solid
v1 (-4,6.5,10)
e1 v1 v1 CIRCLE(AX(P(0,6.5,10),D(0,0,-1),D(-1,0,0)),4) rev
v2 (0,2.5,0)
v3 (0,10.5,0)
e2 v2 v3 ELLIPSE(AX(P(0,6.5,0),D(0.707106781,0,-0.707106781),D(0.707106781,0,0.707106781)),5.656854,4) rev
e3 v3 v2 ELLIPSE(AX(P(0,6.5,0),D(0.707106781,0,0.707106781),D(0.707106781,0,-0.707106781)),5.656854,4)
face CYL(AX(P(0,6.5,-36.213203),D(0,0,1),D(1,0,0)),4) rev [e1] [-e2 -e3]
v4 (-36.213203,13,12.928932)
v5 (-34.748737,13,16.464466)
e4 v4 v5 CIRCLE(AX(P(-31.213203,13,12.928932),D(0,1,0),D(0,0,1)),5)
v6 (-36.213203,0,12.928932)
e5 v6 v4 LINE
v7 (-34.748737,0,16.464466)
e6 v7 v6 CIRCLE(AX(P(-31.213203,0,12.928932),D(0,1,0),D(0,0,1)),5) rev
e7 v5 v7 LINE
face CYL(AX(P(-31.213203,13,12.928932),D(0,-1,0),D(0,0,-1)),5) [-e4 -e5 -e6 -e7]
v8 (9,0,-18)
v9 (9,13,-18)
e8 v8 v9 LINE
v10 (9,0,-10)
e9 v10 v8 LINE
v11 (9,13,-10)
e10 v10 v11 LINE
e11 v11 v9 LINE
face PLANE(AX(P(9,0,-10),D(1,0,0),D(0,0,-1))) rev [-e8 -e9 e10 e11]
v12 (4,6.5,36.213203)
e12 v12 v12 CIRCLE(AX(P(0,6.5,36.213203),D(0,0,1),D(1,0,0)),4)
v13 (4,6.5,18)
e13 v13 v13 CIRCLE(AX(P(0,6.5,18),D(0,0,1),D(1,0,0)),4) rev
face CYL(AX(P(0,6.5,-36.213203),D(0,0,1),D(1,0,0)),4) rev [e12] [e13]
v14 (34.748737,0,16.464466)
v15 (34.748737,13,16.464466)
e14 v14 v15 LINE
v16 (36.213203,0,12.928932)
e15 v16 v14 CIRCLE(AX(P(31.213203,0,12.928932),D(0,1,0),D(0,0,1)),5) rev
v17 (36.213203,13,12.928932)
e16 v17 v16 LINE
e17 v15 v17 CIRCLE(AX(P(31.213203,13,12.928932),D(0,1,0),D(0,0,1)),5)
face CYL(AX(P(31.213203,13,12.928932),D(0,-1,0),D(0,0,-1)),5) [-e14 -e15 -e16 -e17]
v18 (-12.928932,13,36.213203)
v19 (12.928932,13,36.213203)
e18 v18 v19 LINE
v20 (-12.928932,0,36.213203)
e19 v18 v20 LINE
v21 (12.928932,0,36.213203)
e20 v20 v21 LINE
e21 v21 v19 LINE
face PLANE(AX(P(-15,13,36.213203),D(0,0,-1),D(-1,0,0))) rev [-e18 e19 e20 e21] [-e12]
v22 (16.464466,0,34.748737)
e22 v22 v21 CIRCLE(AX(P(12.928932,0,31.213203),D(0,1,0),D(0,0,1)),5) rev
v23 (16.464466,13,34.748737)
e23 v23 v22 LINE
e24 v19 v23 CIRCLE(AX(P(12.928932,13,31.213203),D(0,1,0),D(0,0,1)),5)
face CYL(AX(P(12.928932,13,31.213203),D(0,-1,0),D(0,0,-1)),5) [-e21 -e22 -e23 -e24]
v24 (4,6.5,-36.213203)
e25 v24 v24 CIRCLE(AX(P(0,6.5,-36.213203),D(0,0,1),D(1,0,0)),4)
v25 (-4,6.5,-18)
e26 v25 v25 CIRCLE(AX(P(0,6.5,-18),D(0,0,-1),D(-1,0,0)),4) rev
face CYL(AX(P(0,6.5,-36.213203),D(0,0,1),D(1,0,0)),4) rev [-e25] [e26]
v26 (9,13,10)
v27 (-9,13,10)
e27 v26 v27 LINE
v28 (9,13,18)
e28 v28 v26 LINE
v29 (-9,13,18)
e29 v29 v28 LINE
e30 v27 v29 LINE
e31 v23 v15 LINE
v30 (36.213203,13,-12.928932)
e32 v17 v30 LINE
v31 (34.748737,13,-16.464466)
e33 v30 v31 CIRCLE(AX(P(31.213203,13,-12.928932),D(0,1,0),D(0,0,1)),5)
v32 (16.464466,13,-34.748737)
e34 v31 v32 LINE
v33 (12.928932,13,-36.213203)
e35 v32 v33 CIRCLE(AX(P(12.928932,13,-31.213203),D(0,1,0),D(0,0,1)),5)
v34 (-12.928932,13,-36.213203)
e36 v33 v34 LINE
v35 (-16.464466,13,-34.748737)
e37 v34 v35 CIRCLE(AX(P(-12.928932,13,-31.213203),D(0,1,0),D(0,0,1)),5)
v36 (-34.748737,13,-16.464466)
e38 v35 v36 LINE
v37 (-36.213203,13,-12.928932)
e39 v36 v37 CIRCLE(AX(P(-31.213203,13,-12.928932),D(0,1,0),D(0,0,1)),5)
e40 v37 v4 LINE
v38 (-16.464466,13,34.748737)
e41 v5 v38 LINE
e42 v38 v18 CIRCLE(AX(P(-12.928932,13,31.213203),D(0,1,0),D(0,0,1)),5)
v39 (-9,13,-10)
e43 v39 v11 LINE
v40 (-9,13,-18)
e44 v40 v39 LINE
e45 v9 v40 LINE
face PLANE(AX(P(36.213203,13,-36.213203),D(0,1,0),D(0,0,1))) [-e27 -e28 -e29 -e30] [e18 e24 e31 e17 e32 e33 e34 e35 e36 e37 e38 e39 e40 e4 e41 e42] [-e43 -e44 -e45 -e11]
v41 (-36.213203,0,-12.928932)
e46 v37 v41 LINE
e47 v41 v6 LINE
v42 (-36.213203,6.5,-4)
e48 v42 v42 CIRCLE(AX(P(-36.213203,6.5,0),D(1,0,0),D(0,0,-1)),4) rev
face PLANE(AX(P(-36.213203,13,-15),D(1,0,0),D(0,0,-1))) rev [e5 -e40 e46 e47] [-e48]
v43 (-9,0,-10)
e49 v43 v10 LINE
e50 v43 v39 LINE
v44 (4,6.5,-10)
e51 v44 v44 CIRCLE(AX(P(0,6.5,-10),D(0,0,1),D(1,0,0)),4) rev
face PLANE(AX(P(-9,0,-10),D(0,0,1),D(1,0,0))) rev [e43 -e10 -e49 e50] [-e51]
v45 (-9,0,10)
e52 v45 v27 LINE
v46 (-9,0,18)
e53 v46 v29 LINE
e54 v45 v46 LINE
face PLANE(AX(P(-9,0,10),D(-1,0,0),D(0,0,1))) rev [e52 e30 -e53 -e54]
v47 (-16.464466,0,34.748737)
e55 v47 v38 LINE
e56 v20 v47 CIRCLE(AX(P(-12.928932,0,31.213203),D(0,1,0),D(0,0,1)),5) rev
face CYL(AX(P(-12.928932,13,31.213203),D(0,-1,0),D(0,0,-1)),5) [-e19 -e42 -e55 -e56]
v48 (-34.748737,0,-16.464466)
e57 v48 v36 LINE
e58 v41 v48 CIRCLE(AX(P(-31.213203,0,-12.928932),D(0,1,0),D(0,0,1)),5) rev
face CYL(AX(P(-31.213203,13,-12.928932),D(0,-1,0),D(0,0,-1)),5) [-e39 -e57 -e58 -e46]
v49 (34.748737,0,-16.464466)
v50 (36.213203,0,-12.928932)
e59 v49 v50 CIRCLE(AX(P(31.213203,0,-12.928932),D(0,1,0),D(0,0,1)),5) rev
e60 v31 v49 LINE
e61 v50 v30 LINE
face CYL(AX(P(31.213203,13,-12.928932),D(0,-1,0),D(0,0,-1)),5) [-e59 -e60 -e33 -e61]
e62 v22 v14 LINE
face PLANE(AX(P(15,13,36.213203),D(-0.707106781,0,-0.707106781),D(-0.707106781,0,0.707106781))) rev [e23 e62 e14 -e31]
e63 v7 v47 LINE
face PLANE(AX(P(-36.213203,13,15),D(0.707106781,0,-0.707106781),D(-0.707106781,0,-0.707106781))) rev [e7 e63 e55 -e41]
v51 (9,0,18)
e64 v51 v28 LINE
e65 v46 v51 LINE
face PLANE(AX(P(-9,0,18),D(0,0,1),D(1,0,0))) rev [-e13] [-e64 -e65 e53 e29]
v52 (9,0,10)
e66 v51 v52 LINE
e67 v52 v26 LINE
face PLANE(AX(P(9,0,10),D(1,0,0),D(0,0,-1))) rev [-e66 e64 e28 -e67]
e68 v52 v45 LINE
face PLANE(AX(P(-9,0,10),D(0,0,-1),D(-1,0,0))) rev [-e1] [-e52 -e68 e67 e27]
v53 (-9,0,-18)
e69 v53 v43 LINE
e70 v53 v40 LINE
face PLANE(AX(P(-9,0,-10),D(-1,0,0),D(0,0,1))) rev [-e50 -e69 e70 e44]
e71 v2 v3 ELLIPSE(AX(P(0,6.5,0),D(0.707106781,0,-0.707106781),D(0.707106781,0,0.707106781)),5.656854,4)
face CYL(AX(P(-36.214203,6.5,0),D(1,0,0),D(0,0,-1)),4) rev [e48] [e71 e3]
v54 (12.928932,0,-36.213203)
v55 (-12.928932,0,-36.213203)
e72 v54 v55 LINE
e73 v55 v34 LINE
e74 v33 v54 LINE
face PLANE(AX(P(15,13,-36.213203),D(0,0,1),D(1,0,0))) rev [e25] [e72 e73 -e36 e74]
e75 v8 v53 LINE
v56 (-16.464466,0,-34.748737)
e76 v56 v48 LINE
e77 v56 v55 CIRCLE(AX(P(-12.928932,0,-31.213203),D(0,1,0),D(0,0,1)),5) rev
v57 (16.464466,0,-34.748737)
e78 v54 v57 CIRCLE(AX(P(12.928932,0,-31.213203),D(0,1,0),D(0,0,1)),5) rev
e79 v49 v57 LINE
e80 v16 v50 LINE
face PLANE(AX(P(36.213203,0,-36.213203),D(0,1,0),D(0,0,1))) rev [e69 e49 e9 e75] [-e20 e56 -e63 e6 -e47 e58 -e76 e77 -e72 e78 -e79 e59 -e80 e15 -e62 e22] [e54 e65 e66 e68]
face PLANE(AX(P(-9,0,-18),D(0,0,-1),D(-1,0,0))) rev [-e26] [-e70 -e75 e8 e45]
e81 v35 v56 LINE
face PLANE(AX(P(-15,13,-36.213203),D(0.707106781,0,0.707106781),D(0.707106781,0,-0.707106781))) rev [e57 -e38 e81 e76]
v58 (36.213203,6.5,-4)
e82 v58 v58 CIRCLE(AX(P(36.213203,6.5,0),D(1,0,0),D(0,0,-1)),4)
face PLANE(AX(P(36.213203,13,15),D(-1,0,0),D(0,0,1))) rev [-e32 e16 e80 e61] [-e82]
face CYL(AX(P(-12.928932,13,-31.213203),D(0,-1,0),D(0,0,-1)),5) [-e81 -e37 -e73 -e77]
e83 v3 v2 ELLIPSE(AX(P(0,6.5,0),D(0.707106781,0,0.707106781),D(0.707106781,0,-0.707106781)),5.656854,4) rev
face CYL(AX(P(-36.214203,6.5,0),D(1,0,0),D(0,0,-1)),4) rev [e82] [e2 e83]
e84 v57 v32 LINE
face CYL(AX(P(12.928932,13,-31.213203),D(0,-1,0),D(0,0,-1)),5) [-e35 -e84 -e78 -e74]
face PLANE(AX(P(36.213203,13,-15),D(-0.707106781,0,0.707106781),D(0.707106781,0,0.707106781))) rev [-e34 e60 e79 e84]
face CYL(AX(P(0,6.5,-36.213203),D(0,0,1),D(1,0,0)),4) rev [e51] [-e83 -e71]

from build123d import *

# Parameters (mm, degrees)
EXTRUDE2_DEPTH = 13
EXTRUDE3_REACH = 74.426
SKETCH2_R      = 4
SKETCH3_R      = 4
EXTRUDE4_DEPTH = 73.426406871
SKETCH4_W      = 18
SKETCH4_H      = 8
EXTRUDE5_DEPTH = 13
FILLET1_R      = 5


with BuildPart() as part:
    # Sketch1 → Extrude2 (new body)
    with BuildSketch(Plane(origin=(0, 0, 0), x_dir=(1, 0, 0), z_dir=(0, 1, 0))):
        Polygon((15, -36.213203436), (36.213203436, -15), (36.213203436, 15), (15, 36.213203436), (-15, 36.213203436), (-36.213203436, 15), (-36.213203436, -15), (-15, -36.213203436), align=None)
    extrude(amount=EXTRUDE2_DEPTH)

    # Sketch2 → Extrude3 (cut, up to next)
    with BuildSketch(Plane(origin=(36.213203436, 0, 0), x_dir=(0, 0, -1), z_dir=(1, 0, 0)), mode=Mode.PRIVATE) as extrude3_sk1:
        with Locations((0, 6.5)):
            Circle(SKETCH2_R)
    extrude3_tool1 = extrude(extrude3_sk1.sketch, amount=-EXTRUDE3_REACH, mode=Mode.PRIVATE) & part.part
    add(extrude3_tool1.solids().sort_by_distance((36.213203, 6.5, 0))[0], mode=Mode.SUBTRACT)

    # Sketch3 → Extrude4 (cut, through all)
    with BuildSketch(Plane.XY.offset(36.213203436)):
        with Locations((0, 6.5)):
            Circle(SKETCH3_R)
    extrude(amount=-EXTRUDE4_DEPTH, mode=Mode.SUBTRACT)

    # Sketch4 → Extrude5 (cut)
    with BuildSketch(Plane(origin=(0, 13, 0), x_dir=(1, 0, 0), z_dir=(0, 1, 0))):
        with Locations((0, -14)):
            Rectangle(SKETCH4_W, SKETCH4_H)
        with Locations((0, 14)):
            Rectangle(SKETCH4_W, SKETCH4_H)
    extrude(amount=-EXTRUDE5_DEPTH, mode=Mode.SUBTRACT)

    # Fillet1
    fillet1_edges = [part.edges().sort_by_distance(p)[0] for p in [
        (36.213203436, 6.5, 15),
        (15, 6.5, 36.213203436),
        (-15, 6.5, 36.213203436),
        (-36.213203436, 6.5, 15),
        (-36.213203436, 6.5, -15),
        (-15, 6.5, -36.213203436),
        (15, 6.5, -36.213203436),
        (36.213203436, 6.5, -15),
    ]]
    fillet(fillet1_edges, radius=FILLET1_R)


solid = part.part
